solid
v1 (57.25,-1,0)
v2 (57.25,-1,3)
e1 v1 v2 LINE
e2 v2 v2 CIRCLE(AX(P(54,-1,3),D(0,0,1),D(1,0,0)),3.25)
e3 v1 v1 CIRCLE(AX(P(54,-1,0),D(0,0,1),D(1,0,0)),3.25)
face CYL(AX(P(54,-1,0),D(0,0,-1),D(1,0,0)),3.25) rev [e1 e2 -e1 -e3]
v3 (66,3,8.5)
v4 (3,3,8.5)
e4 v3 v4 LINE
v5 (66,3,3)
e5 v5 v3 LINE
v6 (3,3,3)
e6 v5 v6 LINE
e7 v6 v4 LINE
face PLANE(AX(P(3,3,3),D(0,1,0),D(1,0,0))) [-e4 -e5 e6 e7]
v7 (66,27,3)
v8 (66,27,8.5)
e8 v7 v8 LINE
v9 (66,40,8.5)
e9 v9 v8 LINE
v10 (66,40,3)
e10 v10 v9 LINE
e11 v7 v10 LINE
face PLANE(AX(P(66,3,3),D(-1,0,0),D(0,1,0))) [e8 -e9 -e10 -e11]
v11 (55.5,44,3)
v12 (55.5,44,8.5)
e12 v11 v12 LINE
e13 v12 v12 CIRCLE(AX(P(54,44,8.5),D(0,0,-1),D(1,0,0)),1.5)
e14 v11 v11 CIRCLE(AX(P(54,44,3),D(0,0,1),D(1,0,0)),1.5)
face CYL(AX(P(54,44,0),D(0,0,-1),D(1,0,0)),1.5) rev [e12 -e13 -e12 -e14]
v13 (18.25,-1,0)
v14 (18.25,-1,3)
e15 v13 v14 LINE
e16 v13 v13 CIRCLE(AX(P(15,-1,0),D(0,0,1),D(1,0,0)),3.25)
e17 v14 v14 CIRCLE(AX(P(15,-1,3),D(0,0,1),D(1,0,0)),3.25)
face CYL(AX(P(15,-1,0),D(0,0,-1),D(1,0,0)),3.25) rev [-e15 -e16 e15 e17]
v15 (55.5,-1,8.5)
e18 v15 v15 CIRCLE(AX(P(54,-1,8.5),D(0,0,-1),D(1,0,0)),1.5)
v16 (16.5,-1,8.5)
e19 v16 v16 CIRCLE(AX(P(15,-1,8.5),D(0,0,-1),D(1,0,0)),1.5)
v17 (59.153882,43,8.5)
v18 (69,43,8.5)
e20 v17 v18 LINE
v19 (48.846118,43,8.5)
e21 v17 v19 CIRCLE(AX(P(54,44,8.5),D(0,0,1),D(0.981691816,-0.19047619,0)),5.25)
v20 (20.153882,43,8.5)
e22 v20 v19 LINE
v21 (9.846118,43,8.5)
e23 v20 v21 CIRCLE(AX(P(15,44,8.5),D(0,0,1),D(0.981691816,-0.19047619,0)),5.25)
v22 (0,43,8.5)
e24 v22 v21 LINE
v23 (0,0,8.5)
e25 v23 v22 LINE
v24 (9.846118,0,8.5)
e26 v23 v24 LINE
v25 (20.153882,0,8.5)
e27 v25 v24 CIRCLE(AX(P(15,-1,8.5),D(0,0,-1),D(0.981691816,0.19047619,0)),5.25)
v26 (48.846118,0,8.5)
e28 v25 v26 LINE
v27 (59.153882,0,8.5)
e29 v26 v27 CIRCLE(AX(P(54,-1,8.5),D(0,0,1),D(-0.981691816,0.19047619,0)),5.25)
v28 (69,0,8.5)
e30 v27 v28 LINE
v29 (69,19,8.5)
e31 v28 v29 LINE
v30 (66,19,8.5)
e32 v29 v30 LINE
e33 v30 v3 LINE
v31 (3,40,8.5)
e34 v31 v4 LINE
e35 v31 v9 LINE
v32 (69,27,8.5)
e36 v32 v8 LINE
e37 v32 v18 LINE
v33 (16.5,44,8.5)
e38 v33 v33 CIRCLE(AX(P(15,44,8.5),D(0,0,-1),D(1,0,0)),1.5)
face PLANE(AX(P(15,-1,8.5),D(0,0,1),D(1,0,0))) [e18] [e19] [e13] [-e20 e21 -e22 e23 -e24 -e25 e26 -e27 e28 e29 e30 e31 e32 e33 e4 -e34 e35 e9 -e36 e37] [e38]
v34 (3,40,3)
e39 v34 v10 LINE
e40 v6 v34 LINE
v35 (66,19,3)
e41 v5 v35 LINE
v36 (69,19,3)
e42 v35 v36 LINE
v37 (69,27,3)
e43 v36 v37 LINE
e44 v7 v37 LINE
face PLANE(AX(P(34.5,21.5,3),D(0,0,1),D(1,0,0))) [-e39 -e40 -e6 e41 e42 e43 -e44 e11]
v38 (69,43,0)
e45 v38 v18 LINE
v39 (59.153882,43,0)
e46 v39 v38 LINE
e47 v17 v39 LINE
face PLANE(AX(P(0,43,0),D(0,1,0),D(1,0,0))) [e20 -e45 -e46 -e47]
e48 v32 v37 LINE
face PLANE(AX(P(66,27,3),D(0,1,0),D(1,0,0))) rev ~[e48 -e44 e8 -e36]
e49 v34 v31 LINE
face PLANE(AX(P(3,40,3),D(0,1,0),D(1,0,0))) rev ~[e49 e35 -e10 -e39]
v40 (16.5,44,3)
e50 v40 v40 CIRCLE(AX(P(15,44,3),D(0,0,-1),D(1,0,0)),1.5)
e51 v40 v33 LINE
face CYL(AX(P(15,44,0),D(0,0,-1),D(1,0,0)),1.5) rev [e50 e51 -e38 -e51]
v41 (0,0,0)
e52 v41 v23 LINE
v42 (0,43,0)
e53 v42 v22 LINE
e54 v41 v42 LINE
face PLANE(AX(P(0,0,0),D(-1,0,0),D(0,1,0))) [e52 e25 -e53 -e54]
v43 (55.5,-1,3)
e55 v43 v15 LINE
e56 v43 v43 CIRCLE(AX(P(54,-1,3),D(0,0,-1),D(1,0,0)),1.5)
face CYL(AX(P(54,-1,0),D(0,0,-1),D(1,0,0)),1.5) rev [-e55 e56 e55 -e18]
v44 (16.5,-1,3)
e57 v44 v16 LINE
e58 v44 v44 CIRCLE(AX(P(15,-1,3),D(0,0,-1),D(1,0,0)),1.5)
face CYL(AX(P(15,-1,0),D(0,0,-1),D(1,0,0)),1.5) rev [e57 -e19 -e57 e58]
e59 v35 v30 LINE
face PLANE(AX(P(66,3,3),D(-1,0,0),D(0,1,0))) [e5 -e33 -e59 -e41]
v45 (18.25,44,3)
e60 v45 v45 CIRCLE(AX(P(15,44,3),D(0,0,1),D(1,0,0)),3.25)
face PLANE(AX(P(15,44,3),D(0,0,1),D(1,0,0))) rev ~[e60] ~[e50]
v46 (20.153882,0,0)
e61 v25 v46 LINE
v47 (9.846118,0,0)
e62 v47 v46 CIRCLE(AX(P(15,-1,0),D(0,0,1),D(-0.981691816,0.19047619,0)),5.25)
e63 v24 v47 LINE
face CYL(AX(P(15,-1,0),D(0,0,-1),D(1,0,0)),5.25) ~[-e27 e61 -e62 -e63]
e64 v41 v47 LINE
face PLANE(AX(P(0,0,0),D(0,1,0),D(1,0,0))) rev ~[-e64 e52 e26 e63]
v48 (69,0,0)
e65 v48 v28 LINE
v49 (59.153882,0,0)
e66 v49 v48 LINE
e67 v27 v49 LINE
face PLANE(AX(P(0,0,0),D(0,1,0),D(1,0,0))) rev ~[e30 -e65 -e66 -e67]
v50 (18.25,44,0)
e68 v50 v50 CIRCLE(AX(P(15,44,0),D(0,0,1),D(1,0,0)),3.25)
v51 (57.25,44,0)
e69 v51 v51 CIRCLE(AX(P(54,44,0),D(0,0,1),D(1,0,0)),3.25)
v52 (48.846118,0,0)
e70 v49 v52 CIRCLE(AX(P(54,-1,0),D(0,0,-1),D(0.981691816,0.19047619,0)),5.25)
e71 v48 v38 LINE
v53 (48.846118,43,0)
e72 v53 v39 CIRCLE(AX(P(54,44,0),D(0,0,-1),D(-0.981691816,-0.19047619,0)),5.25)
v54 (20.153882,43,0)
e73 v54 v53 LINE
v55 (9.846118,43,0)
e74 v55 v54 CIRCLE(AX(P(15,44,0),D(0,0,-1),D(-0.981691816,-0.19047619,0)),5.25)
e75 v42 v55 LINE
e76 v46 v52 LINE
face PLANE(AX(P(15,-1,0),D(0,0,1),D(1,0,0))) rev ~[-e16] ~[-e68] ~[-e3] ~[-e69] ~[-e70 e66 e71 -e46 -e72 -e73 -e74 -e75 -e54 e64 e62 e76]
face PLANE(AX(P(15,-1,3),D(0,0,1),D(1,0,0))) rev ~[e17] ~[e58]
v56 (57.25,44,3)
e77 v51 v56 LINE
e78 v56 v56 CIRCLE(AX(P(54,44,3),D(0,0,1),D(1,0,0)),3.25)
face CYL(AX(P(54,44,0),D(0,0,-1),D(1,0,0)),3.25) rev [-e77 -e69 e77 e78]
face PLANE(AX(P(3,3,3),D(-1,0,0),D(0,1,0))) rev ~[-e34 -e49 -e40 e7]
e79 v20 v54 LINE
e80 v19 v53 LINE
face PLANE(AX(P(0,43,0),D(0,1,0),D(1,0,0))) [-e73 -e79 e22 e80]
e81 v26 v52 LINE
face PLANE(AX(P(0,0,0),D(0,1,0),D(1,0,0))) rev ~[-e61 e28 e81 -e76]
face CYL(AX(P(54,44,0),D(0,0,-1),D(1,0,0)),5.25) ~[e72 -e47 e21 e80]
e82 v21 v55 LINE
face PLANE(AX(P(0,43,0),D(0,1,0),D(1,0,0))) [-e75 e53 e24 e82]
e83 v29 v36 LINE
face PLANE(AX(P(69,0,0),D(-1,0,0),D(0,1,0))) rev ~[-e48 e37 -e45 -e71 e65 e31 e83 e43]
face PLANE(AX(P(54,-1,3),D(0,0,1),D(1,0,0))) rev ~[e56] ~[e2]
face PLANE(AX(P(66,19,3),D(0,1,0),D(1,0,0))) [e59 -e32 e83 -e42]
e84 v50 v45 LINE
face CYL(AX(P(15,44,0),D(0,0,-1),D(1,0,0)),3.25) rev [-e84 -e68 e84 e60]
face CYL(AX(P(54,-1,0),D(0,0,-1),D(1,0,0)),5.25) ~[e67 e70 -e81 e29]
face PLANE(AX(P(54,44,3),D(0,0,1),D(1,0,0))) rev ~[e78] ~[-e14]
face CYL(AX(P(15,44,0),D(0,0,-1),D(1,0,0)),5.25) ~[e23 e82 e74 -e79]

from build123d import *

# Parameters (mm, degrees)
BOX007_W          = 63
BOX007_H          = 37
BOX007_DEPTH      = 5.5
BOX006_W          = 10
BOX006_H          = 8
BOX006_DEPTH      = 5.5
CYLINDER016_R     = 3.25
CYLINDER016_DEPTH = 3
CYLINDER017_R     = 1.5
CYLINDER017_DEPTH = 8.5
CYLINDER018_R     = 5.25
CYLINDER018_DEPTH = 8.5
CYLINDER014_R     = 3.25
CYLINDER014_DEPTH = 3
CYLINDER013_R     = 1.5
CYLINDER013_DEPTH = 8.5
CYLINDER015_R     = 5.25
CYLINDER015_DEPTH = 8.5
CYLINDER010_R     = 3.25
CYLINDER010_DEPTH = 3
CYLINDER009_R     = 1.5
CYLINDER009_DEPTH = 8.5
CYLINDER008_R     = 5.25
CYLINDER008_DEPTH = 8.5
CYLINDER021_R     = 3.25
CYLINDER021_DEPTH = 3
CYLINDER020_R     = 1.5
CYLINDER020_DEPTH = 8.5
CYLINDER019_R     = 5.25
CYLINDER019_DEPTH = 8.5
CYLINDER023_R     = 3.25
CYLINDER023_DEPTH = 3
CYLINDER022_R     = 1.5
CYLINDER022_DEPTH = 8.5
CYLINDER025_R     = 3.25
CYLINDER025_DEPTH = 3
CYLINDER024_R     = 1.5
CYLINDER024_DEPTH = 8.5
CYLINDER026_R     = 3.25
CYLINDER026_DEPTH = 3
CYLINDER027_R     = 1.5
CYLINDER027_DEPTH = 8.5
CYLINDER029_R     = 3.25
CYLINDER029_DEPTH = 3
CYLINDER028_R     = 1.5
CYLINDER028_DEPTH = 8.5
BOX_W             = 63
BOX_H             = 37
BOX_DEPTH         = 6
BOX001_W          = 10
BOX001_H          = 8
BOX001_DEPTH      = 6
BOX002_W          = 69
BOX002_H          = 43
BOX002_DEPTH      = 8.5


with BuildPart() as cube006:
    # Box007 → Box007 (new body)
    with BuildSketch(Plane.XY):
        with Locations((31.5, 18.5)):
            Rectangle(BOX007_W, BOX007_H)
    extrude(amount=BOX007_DEPTH)


with BuildPart() as battery_model002:
    # Box006 → Box006 (new body)
    with BuildSketch(Plane(origin=(63, 16, 0), x_dir=(1, 0, 0), z_dir=(0, 0, 1))):
        with Locations((5, 4)):
            Rectangle(BOX006_W, BOX006_H)
    extrude(amount=BOX006_DEPTH)

    # Fusion012: union Cube006
    add(cube006.part)


with BuildPart() as battery_model002_1:
    # Fusion012 placement: moved
    add(battery_model002.part.moved(Location((3, 3, 3))))


with BuildPart() as nut_recess002:
    # Cylinder016 → Cylinder016 (new body)
    with BuildSketch(Plane(origin=(15, -1, 0), x_dir=(1, 0, 0), z_dir=(0, 0, 1))):
        Circle(CYLINDER016_R)
    extrude(amount=CYLINDER016_DEPTH)


with BuildPart() as base_bolt_assembly002:
    # Cylinder017 → Cylinder017 (new body)
    with BuildSketch(Plane(origin=(15, -1, 0), x_dir=(1, 0, 0), z_dir=(0, 0, 1))):
        Circle(CYLINDER017_R)
    extrude(amount=CYLINDER017_DEPTH)

    # Fusion004: union Nut Recess002
    add(nut_recess002.part)


with BuildPart() as base_bolt_flange_ur:
    # Cylinder018 → Cylinder018 (new body)
    with BuildSketch(Plane(origin=(15, -1, 0), x_dir=(1, 0, 0), z_dir=(0, 0, 1))):
        Circle(CYLINDER018_R)
    extrude(amount=CYLINDER018_DEPTH)

    # Cut005: cut Base Bolt Assembly002
    add(base_bolt_assembly002.part, mode=Mode.SUBTRACT)


with BuildPart() as base_bolt_flange_ur_1:
    # Cut005 placement: moved
    add(base_bolt_flange_ur.part.moved(Location((39, 45, 0))))


with BuildPart() as nut_recess001:
    # Cylinder014 → Cylinder014 (new body)
    with BuildSketch(Plane(origin=(15, -1, 0), x_dir=(1, 0, 0), z_dir=(0, 0, 1))):
        Circle(CYLINDER014_R)
    extrude(amount=CYLINDER014_DEPTH)


with BuildPart() as base_bolt_assembly001:
    # Cylinder013 → Cylinder013 (new body)
    with BuildSketch(Plane(origin=(15, -1, 0), x_dir=(1, 0, 0), z_dir=(0, 0, 1))):
        Circle(CYLINDER013_R)
    extrude(amount=CYLINDER013_DEPTH)

    # Fusion003: union Nut Recess001
    add(nut_recess001.part)


with BuildPart() as base_bolt_flange_lr:
    # Cylinder015 → Cylinder015 (new body)
    with BuildSketch(Plane(origin=(15, -1, 0), x_dir=(1, 0, 0), z_dir=(0, 0, 1))):
        Circle(CYLINDER015_R)
    extrude(amount=CYLINDER015_DEPTH)

    # Cut004: cut Base Bolt Assembly001
    add(base_bolt_assembly001.part, mode=Mode.SUBTRACT)


with BuildPart() as base_bolt_flange_lr_1:
    # Cut004 placement: moved
    add(base_bolt_flange_lr.part.moved(Location((39, 0, 0))))


with BuildPart() as nut_recess:
    # Cylinder010 → Cylinder010 (new body)
    with BuildSketch(Plane(origin=(15, -1, 0), x_dir=(1, 0, 0), z_dir=(0, 0, 1))):
        Circle(CYLINDER010_R)
    extrude(amount=CYLINDER010_DEPTH)


with BuildPart() as base_bolt_assembly:
    # Cylinder009 → Cylinder009 (new body)
    with BuildSketch(Plane(origin=(15, -1, 0), x_dir=(1, 0, 0), z_dir=(0, 0, 1))):
        Circle(CYLINDER009_R)
    extrude(amount=CYLINDER009_DEPTH)

    # Fusion002: union Nut Recess
    add(nut_recess.part)


with BuildPart() as base_bolt_flange_ll:
    # Cylinder008 → Cylinder008 (new body)
    with BuildSketch(Plane(origin=(15, -1, 0), x_dir=(1, 0, 0), z_dir=(0, 0, 1))):
        Circle(CYLINDER008_R)
    extrude(amount=CYLINDER008_DEPTH)

    # Cut002: cut Base Bolt Assembly
    add(base_bolt_assembly.part, mode=Mode.SUBTRACT)


with BuildPart() as nut_recess003:
    # Cylinder021 → Cylinder021 (new body)
    with BuildSketch(Plane(origin=(15, -1, 0), x_dir=(1, 0, 0), z_dir=(0, 0, 1))):
        Circle(CYLINDER021_R)
    extrude(amount=CYLINDER021_DEPTH)


with BuildPart() as base_bolt_assembly003:
    # Cylinder020 → Cylinder020 (new body)
    with BuildSketch(Plane(origin=(15, -1, 0), x_dir=(1, 0, 0), z_dir=(0, 0, 1))):
        Circle(CYLINDER020_R)
    extrude(amount=CYLINDER020_DEPTH)

    # Fusion005: union Nut Recess003
    add(nut_recess003.part)


with BuildPart() as base_bolt_assemblies_no_bat:
    # Cylinder019 → Cylinder019 (new body)
    with BuildSketch(Plane(origin=(15, -1, 0), x_dir=(1, 0, 0), z_dir=(0, 0, 1))):
        Circle(CYLINDER019_R)
    extrude(amount=CYLINDER019_DEPTH)

    # Cut006: cut Base Bolt Assembly003
    add(base_bolt_assembly003.part, mode=Mode.SUBTRACT)


with BuildPart() as base_bolt_assemblies_no_bat_1:
    # Cut006 placement: moved
    add(base_bolt_assemblies_no_bat.part.moved(Location((0, 45, 0))))

    # Fusion011: union Base Bolt Flange - UR, Base Bolt Flange - LR, Base Bolt Flange - LL
    add(base_bolt_flange_ur_1.part)
    add(base_bolt_flange_lr_1.part)
    add(base_bolt_flange_ll.part)

    # Cut008: cut Battery Model002
    add(battery_model002_1.part, mode=Mode.SUBTRACT)


with BuildPart() as nut_recess004:
    # Cylinder023 → Cylinder023 (new body)
    with BuildSketch(Plane(origin=(15, -1, 0), x_dir=(1, 0, 0), z_dir=(0, 0, 1))):
        Circle(CYLINDER023_R)
    extrude(amount=CYLINDER023_DEPTH)


with BuildPart() as base_bolt_assembly_ll:
    # Cylinder022 → Cylinder022 (new body)
    with BuildSketch(Plane(origin=(15, -1, 0), x_dir=(1, 0, 0), z_dir=(0, 0, 1))):
        Circle(CYLINDER022_R)
    extrude(amount=CYLINDER022_DEPTH)

    # Fusion006: union Nut Recess004
    add(nut_recess004.part)


with BuildPart() as nut_recess005:
    # Cylinder025 → Cylinder025 (new body)
    with BuildSketch(Plane(origin=(15, -1, 0), x_dir=(1, 0, 0), z_dir=(0, 0, 1))):
        Circle(CYLINDER025_R)
    extrude(amount=CYLINDER025_DEPTH)


with BuildPart() as base_bolt_assembly_lr:
    # Cylinder024 → Cylinder024 (new body)
    with BuildSketch(Plane(origin=(15, -1, 0), x_dir=(1, 0, 0), z_dir=(0, 0, 1))):
        Circle(CYLINDER024_R)
    extrude(amount=CYLINDER024_DEPTH)

    # Fusion007: union Nut Recess005
    add(nut_recess005.part)


with BuildPart() as base_bolt_assembly_lr_1:
    # Fusion007 placement: moved
    add(base_bolt_assembly_lr.part.moved(Location((39, 0, 0))))


with BuildPart() as nut_recess006:
    # Cylinder026 → Cylinder026 (new body)
    with BuildSketch(Plane(origin=(15, -1, 0), x_dir=(1, 0, 0), z_dir=(0, 0, 1))):
        Circle(CYLINDER026_R)
    extrude(amount=CYLINDER026_DEPTH)


with BuildPart() as base_bolt_assembly_ur:
    # Cylinder027 → Cylinder027 (new body)
    with BuildSketch(Plane(origin=(15, -1, 0), x_dir=(1, 0, 0), z_dir=(0, 0, 1))):
        Circle(CYLINDER027_R)
    extrude(amount=CYLINDER027_DEPTH)

    # Fusion008: union Nut Recess006
    add(nut_recess006.part)


with BuildPart() as base_bolt_assembly_ur_1:
    # Fusion008 placement: moved
    add(base_bolt_assembly_ur.part.moved(Location((39, 45, 0))))


with BuildPart() as nut_recess007:
    # Cylinder029 → Cylinder029 (new body)
    with BuildSketch(Plane(origin=(15, -1, 0), x_dir=(1, 0, 0), z_dir=(0, 0, 1))):
        Circle(CYLINDER029_R)
    extrude(amount=CYLINDER029_DEPTH)


with BuildPart() as base_bolt_remove_assembly:
    # Cylinder028 → Cylinder028 (new body)
    with BuildSketch(Plane(origin=(15, -1, 0), x_dir=(1, 0, 0), z_dir=(0, 0, 1))):
        Circle(CYLINDER028_R)
    extrude(amount=CYLINDER028_DEPTH)

    # Fusion009: union Nut Recess007
    add(nut_recess007.part)


with BuildPart() as base_bolt_remove_assembly_1:
    # Fusion009 placement: moved
    add(base_bolt_remove_assembly.part.moved(Location((0, 45, 0))))

    # Fusion010: union Base Bolt Assembly - LL, Base Bolt Assembly - LR, Base Bolt Assembly - UR
    add(base_bolt_assembly_ll.part)
    add(base_bolt_assembly_lr_1.part)
    add(base_bolt_assembly_ur_1.part)


with BuildPart() as cube:
    # Box → Box (new body)
    with BuildSketch(Plane.XY):
        with Locations((31.5, 18.5)):
            Rectangle(BOX_W, BOX_H)
    extrude(amount=BOX_DEPTH)


with BuildPart() as battery_model:
    # Box001 → Box001 (new body)
    with BuildSketch(Plane(origin=(63, 16, 0), x_dir=(1, 0, 0), z_dir=(0, 0, 1))):
        with Locations((5, 4)):
            Rectangle(BOX001_W, BOX001_H)
    extrude(amount=BOX001_DEPTH)

    # Fusion: union Cube
    add(cube.part)


with BuildPart() as battery_model_1:
    # Fusion placement: moved
    add(battery_model.part.moved(Location((3, 3, 3))))


with BuildPart() as base_initial:
    # Box002 → Box002 (new body)
    with BuildSketch(Plane.XY):
        with Locations((34.5, 21.5)):
            Rectangle(BOX002_W, BOX002_H)
    extrude(amount=BOX002_DEPTH)

    # Cut: cut Battery Model
    add(battery_model_1.part, mode=Mode.SUBTRACT)

    # Cut007: cut Base Bolt Remove Assembly
    add(base_bolt_remove_assembly_1.part, mode=Mode.SUBTRACT)

    # Fusion013: union Base Bolt Assemblies - no Bat
    add(base_bolt_assemblies_no_bat_1.part)


solid = base_initial.part
